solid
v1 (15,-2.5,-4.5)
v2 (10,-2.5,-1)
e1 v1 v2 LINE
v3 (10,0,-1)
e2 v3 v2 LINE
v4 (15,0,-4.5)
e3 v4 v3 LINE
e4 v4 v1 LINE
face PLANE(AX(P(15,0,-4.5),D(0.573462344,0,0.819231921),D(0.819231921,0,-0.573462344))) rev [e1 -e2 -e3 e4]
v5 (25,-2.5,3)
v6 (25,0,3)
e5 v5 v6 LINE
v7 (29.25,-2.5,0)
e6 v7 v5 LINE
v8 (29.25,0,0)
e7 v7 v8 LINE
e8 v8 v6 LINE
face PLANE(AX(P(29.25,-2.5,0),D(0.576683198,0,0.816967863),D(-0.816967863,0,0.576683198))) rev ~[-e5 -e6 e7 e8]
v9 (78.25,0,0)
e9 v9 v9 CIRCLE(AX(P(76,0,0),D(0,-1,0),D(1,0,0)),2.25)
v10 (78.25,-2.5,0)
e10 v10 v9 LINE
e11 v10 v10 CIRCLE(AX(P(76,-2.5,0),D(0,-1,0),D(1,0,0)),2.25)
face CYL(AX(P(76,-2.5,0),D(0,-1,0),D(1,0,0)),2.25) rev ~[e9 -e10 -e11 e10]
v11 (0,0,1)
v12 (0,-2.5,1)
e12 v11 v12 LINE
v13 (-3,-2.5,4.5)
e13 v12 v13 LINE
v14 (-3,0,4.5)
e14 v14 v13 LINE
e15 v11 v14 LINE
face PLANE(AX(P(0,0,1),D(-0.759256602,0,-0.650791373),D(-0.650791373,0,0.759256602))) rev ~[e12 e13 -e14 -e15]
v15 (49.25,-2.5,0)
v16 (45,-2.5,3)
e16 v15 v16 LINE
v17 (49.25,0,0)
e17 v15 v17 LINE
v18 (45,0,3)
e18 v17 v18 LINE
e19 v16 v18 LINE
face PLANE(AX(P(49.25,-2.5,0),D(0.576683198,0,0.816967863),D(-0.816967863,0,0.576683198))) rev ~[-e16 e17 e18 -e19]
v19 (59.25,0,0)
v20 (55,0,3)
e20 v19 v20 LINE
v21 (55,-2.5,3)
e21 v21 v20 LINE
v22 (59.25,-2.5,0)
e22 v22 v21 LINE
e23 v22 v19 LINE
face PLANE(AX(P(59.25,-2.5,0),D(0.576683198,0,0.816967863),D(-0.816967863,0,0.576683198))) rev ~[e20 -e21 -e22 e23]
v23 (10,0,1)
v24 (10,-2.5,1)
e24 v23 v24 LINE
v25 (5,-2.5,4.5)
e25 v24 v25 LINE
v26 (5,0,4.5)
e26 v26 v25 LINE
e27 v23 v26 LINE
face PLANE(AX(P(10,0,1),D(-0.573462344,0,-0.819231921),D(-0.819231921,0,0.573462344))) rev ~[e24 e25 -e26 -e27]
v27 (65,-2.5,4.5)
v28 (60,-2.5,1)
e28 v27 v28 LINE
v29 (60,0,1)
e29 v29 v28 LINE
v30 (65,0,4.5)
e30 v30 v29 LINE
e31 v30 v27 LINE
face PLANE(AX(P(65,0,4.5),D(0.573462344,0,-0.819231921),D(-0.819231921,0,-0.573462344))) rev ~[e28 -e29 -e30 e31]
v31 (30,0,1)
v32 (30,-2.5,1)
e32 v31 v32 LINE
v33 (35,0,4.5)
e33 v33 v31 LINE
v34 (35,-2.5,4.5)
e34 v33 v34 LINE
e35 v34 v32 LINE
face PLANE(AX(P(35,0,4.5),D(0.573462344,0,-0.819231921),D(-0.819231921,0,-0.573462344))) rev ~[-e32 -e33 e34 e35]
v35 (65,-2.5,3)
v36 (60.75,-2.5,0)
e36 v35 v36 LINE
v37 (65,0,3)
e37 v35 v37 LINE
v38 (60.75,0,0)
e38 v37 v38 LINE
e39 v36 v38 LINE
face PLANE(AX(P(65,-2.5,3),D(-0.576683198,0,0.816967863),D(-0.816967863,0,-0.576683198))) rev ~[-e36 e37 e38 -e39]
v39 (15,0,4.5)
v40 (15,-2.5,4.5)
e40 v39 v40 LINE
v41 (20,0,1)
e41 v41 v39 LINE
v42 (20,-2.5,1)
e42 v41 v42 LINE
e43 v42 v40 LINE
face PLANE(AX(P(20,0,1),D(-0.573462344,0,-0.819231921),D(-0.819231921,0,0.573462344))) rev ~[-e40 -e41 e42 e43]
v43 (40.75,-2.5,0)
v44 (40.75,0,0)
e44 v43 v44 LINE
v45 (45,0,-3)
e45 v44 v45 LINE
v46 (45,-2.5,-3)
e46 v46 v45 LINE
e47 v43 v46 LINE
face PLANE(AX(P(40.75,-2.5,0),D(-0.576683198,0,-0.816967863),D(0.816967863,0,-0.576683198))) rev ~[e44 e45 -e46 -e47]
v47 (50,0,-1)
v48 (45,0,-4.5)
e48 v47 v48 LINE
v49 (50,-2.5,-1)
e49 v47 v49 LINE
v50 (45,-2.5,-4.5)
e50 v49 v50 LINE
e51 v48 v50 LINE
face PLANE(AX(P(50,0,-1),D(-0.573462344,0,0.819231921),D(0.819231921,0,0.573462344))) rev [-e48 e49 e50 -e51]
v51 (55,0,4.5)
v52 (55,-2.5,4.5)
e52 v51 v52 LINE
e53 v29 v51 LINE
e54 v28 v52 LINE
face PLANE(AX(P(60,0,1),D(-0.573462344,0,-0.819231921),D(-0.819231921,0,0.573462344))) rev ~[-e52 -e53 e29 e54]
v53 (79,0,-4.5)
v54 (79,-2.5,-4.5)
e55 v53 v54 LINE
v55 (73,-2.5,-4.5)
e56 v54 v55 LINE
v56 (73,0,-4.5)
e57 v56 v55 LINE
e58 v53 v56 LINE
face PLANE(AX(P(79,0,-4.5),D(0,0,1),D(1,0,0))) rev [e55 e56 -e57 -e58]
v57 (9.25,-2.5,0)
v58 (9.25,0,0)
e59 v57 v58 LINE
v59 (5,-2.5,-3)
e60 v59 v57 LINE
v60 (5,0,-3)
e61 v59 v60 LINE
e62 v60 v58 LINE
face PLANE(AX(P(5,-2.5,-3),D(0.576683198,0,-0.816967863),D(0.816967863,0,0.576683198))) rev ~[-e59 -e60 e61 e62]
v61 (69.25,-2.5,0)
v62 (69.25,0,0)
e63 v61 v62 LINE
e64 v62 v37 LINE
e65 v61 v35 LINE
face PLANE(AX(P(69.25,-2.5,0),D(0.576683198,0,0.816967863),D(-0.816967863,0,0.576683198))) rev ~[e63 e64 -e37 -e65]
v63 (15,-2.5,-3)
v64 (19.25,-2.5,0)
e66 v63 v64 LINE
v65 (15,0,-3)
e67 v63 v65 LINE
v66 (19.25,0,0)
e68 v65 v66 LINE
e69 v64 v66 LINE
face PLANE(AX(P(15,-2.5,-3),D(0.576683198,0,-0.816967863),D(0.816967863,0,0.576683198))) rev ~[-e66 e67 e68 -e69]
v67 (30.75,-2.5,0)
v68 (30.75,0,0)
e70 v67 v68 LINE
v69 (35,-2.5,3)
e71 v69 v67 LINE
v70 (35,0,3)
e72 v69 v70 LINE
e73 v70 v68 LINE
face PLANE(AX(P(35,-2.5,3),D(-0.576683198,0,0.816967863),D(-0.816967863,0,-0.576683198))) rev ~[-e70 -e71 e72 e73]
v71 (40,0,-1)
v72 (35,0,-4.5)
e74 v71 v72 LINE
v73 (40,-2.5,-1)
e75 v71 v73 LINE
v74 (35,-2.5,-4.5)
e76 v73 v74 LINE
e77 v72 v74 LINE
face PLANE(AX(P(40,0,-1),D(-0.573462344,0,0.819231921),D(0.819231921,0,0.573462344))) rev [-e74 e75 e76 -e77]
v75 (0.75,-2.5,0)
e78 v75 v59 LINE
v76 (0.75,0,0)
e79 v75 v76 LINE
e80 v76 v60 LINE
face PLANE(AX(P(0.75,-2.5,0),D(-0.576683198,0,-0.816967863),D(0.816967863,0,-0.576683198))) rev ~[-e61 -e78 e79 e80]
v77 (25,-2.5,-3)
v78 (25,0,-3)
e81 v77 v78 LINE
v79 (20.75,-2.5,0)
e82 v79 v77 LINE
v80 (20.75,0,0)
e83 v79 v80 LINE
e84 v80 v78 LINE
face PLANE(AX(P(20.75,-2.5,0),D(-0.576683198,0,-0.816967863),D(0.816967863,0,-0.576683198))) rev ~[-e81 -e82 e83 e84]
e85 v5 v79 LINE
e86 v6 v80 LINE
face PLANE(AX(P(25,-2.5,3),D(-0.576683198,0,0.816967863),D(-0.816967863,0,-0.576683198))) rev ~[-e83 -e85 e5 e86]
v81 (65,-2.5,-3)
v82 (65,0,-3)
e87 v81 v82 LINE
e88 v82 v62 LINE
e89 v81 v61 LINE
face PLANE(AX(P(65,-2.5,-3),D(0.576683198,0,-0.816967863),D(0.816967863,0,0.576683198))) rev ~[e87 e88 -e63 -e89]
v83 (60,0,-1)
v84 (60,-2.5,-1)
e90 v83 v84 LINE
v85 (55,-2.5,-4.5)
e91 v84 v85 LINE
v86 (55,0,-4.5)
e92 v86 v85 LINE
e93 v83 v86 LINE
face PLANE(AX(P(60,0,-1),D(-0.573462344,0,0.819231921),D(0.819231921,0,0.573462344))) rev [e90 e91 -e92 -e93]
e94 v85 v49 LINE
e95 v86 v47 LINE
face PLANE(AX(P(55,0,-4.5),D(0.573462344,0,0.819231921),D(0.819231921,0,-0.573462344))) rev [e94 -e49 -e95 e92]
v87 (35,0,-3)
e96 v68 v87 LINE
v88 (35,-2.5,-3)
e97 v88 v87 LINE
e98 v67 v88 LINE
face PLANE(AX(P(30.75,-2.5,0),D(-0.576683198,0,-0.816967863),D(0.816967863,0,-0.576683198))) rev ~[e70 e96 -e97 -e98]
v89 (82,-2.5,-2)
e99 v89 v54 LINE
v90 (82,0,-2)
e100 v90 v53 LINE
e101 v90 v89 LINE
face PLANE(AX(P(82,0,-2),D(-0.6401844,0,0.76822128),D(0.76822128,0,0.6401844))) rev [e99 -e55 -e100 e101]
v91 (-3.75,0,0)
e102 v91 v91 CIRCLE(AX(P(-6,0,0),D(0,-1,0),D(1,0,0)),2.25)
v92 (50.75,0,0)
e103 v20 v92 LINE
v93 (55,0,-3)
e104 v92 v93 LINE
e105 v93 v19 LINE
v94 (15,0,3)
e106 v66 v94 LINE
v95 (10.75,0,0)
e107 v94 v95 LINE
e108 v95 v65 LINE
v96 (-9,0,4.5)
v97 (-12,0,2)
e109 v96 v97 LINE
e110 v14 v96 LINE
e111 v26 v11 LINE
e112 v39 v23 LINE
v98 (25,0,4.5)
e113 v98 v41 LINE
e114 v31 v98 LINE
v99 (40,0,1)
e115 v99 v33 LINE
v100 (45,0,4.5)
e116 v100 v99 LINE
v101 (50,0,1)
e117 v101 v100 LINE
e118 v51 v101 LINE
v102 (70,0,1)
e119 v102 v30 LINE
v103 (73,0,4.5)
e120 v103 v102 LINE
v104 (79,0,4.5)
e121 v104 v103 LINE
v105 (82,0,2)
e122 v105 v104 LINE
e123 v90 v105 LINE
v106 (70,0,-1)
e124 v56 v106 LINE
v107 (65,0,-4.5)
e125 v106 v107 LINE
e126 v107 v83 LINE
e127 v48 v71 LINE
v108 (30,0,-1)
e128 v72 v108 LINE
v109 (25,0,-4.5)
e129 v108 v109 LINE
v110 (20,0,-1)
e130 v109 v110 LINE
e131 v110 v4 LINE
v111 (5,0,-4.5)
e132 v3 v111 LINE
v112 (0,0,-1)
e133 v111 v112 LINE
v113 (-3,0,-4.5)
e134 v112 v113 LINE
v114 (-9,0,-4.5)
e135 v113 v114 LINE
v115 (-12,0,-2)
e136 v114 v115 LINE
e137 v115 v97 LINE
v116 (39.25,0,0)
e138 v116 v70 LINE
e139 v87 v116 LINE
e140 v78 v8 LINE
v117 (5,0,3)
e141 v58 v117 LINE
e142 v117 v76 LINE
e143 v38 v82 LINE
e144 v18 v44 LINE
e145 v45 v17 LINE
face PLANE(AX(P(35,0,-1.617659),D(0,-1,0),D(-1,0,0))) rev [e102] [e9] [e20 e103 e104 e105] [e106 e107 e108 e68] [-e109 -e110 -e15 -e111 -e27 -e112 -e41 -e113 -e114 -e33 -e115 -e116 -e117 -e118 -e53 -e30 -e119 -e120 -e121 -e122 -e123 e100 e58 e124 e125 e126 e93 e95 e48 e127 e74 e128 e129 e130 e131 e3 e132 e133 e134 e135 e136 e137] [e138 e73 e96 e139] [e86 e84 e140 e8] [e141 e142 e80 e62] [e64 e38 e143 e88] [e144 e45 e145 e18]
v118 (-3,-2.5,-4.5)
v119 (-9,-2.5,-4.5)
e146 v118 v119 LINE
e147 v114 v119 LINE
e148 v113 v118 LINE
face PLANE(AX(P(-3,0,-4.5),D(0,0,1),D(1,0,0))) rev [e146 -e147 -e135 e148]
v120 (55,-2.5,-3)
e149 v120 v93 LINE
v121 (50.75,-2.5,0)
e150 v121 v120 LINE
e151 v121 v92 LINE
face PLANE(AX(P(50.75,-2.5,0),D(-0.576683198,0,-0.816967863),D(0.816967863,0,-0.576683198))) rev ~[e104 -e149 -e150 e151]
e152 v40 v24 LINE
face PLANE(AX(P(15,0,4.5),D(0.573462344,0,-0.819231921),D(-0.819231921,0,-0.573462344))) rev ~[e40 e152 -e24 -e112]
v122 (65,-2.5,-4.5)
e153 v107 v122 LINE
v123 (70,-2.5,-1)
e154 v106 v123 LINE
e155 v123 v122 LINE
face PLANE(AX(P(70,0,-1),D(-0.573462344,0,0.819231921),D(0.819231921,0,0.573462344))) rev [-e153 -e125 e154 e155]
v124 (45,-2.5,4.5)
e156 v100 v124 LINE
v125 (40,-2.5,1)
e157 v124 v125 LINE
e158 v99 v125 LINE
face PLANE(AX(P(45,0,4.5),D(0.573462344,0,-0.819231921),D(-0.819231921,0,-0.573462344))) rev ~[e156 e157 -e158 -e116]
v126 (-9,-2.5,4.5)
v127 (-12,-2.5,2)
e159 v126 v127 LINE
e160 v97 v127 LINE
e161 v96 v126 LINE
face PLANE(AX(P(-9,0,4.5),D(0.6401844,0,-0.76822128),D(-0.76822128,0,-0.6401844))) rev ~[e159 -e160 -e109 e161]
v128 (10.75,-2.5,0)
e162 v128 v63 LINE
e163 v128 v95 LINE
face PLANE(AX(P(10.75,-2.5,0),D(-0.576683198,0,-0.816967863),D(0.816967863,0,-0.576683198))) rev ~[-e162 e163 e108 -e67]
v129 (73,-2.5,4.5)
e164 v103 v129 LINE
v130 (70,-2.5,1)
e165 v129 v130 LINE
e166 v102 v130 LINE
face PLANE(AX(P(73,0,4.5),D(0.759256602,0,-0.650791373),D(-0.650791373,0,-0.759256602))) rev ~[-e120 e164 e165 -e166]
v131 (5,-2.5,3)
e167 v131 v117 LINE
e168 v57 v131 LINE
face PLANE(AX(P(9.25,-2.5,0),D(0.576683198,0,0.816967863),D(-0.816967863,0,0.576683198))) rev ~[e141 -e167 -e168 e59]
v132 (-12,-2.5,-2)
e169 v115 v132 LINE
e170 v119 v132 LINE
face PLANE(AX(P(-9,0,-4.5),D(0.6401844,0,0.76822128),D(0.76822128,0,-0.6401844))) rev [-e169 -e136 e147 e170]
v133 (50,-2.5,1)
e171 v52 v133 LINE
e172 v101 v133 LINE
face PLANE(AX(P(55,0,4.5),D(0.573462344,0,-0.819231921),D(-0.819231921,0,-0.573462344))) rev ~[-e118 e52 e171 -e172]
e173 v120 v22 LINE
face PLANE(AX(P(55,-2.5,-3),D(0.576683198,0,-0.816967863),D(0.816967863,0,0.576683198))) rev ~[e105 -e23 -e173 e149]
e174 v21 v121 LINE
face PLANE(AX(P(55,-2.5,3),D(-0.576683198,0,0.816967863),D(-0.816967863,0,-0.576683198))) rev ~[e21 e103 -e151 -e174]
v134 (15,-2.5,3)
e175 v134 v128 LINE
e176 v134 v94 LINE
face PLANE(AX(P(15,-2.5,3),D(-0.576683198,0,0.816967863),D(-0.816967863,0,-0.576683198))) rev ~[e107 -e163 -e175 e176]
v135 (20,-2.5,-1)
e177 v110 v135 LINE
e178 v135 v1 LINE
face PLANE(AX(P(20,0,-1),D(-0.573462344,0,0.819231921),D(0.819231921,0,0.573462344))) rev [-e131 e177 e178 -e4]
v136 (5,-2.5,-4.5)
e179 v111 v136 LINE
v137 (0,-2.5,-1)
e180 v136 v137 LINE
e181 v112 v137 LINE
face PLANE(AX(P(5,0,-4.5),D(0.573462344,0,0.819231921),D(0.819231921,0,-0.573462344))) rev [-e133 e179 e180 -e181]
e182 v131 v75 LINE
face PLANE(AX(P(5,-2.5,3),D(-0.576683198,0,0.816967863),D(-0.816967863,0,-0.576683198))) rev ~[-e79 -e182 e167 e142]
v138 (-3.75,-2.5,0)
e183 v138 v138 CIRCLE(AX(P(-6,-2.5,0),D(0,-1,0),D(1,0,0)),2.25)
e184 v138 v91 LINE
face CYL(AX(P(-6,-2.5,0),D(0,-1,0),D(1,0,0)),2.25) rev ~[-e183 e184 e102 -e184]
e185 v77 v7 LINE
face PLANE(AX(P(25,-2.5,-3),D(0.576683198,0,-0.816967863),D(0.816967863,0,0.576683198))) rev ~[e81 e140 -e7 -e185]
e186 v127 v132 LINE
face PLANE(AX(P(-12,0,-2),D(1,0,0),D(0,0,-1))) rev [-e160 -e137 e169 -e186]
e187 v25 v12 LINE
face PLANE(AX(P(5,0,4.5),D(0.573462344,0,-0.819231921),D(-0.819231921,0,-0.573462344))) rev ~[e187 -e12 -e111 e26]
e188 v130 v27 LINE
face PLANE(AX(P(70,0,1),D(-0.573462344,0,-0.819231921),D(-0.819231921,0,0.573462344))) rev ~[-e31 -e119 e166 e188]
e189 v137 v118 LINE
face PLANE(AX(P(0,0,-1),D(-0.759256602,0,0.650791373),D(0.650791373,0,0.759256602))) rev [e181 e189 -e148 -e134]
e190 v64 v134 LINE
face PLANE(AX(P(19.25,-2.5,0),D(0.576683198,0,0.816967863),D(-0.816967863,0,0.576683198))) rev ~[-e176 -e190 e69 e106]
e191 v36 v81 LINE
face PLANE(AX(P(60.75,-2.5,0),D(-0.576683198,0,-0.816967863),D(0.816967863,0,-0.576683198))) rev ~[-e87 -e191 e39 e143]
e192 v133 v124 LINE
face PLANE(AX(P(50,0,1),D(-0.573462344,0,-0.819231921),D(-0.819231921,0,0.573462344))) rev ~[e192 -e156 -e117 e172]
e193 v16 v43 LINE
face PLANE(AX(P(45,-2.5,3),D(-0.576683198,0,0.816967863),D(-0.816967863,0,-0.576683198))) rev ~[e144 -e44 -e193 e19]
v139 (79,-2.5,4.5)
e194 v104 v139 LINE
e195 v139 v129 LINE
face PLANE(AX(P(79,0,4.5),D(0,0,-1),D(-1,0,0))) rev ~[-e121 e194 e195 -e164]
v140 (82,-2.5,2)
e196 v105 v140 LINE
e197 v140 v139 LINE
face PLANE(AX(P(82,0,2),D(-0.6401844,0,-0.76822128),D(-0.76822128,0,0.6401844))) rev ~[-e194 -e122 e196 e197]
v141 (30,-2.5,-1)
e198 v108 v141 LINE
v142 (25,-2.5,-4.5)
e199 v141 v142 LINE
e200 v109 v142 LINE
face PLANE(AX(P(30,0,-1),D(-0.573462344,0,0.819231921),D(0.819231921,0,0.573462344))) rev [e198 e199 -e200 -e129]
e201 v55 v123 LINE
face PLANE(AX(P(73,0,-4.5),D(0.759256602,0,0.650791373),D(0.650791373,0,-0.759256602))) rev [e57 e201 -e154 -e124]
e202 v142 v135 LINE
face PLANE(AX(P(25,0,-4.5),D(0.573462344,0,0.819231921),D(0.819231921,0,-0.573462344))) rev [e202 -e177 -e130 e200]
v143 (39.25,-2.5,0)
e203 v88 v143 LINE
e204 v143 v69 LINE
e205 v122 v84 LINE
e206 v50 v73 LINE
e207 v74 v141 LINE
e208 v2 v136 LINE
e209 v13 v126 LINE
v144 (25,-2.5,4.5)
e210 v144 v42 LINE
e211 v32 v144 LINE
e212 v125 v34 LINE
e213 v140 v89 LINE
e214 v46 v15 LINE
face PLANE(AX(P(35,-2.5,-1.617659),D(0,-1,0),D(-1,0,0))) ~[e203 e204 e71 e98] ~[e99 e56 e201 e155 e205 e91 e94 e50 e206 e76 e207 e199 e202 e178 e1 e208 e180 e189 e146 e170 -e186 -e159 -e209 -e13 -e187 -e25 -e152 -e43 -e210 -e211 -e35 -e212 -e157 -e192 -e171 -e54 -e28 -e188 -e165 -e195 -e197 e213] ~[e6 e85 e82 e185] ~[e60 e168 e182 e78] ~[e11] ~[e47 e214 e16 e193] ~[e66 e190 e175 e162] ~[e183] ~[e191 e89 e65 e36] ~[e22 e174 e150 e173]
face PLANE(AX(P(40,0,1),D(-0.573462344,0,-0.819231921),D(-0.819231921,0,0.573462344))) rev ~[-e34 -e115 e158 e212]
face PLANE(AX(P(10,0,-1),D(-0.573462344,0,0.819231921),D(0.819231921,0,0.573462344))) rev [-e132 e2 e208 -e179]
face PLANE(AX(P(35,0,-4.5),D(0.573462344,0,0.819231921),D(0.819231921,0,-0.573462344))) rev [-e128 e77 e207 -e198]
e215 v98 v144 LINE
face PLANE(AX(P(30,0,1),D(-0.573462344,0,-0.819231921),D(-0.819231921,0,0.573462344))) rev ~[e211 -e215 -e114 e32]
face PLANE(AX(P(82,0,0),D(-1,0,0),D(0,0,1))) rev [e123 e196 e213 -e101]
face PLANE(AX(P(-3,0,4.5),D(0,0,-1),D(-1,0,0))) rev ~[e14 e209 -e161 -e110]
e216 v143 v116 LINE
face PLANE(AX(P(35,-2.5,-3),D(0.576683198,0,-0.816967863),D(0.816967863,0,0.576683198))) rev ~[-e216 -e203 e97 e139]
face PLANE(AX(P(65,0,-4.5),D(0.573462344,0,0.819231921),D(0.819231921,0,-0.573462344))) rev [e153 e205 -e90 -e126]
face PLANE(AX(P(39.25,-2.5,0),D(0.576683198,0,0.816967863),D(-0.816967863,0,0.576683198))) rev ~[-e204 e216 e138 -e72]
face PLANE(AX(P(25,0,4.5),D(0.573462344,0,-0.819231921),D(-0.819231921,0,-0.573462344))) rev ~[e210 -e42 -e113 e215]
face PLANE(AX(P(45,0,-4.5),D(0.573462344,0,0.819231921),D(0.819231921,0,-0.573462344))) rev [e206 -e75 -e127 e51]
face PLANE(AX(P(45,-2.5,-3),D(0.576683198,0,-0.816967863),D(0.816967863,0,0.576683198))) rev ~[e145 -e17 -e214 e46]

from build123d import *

# Parameters (mm, degrees)
F1_DEPTH = 2.5
F4_DEPTH = 2.5
F5_R     = 2.25
F6_DEPTH = 2.5


with BuildPart() as f1:
    # F0 (on Front) → F1 (new body)
    with BuildSketch(Plane.XZ):
        Polygon((0, 0), (70, 0), (82, 0), (82, 2), (79, 4.5), (73, 4.5), (70, 1), (65, 4.5), (60, 1), (55, 4.5), (50, 1), (45, 4.5), (40, 1), (35, 4.5), (30, 1), (25, 4.5), (20, 1), (15, 4.5), (10, 1), (5, 4.5), (0, 1), (-3, 4.5), (-9, 4.5), (-12, 2), (-12, 0), align=None)
    extrude(amount=F1_DEPTH)

    # F2: F1 across plane


with BuildPart() as f1_1:
    add(f1.part)
    add(f1.part.mirror(Plane.XY))

    # F3 (on face) → F4 (cut, through all)
    with BuildSketch(Plane.XZ.offset(2.5)):
        Polygon((5, 3), (0.75, 0), (5, -3), (9.25, 0), align=None)
        Polygon((25, 3), (20.75, 0), (25, -3), (29.25, 0), align=None)
        Polygon((35, 3), (30.75, 0), (35, -3), (39.25, 0), align=None)
        Polygon((45, 3), (40.75, 0), (45, -3), (49.25, 0), align=None)
        Polygon((55, 3), (50.75, 0), (55, -3), (59.25, 0), align=None)
        Polygon((65, 3), (60.75, 0), (65, -3), (69.25, 0), align=None)
        Polygon((15, 3), (10.75, 0), (15, -3), (19.25, 0), align=None)
    extrude(amount=-F4_DEPTH, mode=Mode.SUBTRACT)

    # F5 (on face) → F6 (cut, through all)
    with BuildSketch(Plane.XZ.offset(2.5)):
        with Locations((-6, 0)):
            Circle(F5_R)
        with Locations((76, 0)):
            Circle(F5_R)
    extrude(amount=-F6_DEPTH, mode=Mode.SUBTRACT)


solid = f1_1.part
